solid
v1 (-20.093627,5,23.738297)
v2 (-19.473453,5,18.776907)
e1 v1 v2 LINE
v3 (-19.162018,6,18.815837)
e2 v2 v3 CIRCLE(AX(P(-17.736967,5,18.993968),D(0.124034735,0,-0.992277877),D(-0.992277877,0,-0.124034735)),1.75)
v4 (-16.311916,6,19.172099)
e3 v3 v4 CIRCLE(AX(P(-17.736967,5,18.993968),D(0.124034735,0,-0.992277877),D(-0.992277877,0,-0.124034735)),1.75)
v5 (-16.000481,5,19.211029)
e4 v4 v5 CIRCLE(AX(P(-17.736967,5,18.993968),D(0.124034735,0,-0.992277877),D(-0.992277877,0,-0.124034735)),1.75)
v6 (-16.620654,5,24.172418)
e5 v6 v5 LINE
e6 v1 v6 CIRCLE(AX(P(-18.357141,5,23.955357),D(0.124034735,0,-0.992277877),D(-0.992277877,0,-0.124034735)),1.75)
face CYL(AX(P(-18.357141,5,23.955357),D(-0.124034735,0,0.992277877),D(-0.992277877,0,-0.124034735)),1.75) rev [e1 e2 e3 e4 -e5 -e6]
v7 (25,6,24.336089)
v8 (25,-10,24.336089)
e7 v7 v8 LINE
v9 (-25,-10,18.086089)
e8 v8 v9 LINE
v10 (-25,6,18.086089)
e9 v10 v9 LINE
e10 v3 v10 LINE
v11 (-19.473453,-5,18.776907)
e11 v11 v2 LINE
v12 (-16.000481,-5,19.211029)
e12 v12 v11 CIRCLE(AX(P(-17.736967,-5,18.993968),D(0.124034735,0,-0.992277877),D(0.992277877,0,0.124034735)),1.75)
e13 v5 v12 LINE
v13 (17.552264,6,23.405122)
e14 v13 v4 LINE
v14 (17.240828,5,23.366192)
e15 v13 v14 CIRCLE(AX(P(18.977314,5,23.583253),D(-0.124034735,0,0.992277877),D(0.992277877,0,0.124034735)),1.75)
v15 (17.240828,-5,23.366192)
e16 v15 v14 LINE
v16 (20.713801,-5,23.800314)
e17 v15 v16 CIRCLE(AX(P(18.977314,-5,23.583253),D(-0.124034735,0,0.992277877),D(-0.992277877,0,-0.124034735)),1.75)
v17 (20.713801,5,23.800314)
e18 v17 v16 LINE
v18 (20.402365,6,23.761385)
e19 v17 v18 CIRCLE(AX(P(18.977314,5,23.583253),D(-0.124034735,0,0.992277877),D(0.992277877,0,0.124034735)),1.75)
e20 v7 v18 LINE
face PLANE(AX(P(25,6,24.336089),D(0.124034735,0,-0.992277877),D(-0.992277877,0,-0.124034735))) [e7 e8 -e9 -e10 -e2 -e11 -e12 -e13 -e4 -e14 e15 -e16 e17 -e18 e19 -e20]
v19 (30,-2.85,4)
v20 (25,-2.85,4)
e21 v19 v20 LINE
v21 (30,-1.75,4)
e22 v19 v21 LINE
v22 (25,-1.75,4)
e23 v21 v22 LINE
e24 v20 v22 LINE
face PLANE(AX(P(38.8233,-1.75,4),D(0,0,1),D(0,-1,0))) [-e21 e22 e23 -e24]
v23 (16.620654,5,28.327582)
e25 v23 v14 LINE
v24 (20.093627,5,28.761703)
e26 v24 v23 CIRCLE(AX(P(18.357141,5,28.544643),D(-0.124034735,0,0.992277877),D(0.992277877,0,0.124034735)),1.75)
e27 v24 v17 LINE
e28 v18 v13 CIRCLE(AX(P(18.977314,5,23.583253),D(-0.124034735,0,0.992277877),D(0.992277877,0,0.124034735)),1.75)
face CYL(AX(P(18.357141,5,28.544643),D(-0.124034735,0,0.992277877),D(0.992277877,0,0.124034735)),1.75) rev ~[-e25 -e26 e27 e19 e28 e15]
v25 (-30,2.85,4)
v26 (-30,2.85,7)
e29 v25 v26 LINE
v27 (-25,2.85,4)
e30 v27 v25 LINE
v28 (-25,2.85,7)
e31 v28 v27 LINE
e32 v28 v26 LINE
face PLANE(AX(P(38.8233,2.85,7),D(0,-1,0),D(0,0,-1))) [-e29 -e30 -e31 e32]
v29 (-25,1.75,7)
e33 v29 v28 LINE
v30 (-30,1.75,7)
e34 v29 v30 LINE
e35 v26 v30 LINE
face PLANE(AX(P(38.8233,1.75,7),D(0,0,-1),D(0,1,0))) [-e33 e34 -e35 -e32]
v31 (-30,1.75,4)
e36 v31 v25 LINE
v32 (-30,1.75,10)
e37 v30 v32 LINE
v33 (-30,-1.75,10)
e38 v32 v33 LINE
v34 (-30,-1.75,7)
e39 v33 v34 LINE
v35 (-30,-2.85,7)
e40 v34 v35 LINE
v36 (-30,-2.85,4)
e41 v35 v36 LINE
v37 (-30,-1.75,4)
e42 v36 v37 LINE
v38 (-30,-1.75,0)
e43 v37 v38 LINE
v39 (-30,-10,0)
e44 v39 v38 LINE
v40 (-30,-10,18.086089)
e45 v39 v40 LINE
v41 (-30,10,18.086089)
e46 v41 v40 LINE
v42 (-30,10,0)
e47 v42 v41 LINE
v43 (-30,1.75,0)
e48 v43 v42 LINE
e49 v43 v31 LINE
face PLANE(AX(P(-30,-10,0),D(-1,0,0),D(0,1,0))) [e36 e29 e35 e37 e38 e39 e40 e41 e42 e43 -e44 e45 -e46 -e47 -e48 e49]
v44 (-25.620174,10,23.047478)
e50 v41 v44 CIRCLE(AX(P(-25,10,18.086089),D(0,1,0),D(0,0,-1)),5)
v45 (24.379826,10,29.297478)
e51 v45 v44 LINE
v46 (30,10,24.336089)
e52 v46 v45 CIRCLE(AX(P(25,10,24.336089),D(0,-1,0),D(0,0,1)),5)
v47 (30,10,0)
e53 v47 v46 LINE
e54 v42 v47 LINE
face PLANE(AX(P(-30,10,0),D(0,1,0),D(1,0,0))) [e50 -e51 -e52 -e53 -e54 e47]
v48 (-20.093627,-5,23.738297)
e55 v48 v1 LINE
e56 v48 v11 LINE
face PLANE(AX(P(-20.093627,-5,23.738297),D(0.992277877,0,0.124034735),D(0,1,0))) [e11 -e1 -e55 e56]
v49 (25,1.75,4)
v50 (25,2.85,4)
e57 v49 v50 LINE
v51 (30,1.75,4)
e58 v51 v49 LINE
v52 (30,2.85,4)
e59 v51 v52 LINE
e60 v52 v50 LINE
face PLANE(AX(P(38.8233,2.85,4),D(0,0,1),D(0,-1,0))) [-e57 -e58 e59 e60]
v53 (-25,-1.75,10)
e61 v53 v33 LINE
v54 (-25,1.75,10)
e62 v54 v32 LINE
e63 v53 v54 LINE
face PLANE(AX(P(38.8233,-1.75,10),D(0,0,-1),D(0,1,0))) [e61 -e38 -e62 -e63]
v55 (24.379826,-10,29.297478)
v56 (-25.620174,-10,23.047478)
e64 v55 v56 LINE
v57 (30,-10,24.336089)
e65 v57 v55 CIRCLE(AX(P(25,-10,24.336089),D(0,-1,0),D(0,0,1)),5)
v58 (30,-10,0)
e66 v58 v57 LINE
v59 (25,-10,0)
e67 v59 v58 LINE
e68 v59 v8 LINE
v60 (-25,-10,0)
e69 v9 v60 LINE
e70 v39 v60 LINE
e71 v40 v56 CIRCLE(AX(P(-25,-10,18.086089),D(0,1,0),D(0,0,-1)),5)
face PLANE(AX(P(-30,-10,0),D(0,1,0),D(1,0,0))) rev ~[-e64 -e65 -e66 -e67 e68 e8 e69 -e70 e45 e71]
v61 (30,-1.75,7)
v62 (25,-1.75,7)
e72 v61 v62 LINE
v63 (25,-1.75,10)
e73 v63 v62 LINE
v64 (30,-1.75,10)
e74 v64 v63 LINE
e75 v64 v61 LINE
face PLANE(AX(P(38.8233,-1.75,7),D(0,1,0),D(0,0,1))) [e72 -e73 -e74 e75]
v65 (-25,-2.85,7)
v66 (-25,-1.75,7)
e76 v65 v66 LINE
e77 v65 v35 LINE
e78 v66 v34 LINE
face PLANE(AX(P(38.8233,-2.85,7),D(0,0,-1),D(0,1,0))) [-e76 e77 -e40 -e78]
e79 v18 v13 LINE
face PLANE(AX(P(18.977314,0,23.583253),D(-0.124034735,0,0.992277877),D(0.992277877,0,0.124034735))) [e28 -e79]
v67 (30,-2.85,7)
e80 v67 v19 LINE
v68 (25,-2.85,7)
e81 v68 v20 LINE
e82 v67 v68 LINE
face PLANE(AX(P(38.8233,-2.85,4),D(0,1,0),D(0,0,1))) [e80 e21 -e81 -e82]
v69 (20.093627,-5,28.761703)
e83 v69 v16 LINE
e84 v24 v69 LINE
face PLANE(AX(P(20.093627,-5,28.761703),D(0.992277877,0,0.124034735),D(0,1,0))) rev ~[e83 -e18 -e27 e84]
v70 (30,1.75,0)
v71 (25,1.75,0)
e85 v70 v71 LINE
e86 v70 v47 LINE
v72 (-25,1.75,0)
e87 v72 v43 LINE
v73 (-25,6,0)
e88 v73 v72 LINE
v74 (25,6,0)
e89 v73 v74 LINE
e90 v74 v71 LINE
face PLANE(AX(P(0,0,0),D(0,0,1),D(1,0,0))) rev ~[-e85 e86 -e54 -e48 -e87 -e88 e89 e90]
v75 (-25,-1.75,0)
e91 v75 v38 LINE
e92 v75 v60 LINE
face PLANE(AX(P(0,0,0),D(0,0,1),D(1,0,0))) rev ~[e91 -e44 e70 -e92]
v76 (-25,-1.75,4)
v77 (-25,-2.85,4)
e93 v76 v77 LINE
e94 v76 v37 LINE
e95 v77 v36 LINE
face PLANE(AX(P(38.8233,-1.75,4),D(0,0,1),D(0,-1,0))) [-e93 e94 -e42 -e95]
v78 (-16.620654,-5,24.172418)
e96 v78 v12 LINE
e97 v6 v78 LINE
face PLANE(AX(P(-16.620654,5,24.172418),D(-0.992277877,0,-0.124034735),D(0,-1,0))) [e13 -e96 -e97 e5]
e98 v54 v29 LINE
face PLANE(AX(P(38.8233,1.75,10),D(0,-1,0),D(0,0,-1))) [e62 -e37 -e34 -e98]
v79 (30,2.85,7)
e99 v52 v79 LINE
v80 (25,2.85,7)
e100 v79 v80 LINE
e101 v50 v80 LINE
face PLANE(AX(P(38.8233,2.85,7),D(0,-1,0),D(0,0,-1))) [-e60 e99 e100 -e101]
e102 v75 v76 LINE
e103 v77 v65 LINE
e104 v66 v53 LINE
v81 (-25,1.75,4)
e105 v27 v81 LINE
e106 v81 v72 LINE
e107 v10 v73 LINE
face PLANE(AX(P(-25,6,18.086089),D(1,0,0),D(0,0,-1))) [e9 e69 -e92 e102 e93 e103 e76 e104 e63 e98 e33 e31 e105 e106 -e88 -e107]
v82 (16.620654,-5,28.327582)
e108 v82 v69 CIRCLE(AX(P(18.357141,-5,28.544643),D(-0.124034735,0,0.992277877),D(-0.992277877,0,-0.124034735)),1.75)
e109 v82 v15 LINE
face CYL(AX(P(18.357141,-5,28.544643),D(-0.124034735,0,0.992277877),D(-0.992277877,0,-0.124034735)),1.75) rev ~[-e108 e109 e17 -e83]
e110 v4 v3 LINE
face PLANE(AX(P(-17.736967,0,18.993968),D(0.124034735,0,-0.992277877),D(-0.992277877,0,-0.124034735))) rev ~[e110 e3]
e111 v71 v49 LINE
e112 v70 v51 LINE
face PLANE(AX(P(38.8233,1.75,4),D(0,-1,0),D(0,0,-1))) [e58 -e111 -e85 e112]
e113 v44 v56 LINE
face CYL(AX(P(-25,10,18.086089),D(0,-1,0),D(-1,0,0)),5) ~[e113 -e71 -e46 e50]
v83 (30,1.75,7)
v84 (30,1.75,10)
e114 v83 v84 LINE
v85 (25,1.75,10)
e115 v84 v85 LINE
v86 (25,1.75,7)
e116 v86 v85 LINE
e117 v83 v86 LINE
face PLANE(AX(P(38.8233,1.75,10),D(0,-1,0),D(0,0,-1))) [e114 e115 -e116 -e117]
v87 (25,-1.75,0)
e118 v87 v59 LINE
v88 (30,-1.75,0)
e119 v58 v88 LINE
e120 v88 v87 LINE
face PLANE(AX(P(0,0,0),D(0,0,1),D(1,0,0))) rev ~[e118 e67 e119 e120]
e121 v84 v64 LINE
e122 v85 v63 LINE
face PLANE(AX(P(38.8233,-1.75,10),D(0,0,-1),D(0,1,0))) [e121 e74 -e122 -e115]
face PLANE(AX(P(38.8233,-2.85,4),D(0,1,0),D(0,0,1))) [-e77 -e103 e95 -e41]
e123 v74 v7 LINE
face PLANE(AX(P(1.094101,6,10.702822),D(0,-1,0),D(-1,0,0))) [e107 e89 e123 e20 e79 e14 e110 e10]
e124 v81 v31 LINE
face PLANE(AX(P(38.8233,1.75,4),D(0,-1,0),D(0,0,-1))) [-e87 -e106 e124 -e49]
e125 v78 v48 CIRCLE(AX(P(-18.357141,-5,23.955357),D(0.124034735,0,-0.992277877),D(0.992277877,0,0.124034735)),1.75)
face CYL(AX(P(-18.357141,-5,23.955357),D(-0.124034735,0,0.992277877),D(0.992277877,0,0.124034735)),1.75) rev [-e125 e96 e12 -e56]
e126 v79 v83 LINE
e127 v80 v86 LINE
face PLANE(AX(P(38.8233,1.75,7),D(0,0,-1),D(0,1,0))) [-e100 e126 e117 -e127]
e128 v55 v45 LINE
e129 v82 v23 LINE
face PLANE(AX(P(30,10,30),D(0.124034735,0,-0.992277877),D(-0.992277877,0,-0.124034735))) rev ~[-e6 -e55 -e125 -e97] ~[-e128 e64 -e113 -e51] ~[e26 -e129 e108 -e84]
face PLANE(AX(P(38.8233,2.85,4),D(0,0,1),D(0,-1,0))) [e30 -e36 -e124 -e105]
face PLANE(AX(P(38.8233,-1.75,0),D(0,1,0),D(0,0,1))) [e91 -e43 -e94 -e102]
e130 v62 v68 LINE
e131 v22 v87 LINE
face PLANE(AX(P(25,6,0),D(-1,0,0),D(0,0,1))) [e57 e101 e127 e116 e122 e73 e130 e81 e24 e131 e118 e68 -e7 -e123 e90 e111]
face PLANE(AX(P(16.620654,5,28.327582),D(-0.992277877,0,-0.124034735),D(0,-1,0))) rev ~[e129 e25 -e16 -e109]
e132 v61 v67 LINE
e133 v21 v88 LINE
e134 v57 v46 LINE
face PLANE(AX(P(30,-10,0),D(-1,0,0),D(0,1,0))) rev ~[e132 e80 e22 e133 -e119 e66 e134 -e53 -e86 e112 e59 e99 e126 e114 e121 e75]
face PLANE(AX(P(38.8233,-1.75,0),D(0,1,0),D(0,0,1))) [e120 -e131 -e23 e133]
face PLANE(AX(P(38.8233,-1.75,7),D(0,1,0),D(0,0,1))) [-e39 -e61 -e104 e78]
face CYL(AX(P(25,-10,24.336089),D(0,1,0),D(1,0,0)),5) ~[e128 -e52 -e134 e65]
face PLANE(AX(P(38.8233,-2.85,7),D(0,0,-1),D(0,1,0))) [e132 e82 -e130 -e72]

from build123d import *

# Parameters (mm, degrees)
SKETCH1_W               = 60
SKETCH1_H               = 20
BOSS_EXTRUDE1_DEPTH     = 30
CUT_EXTRUDE1_DEPTH      = 47.904157598
CUT_EXTRUDE2_START      = -4
CUT_EXTRUDE2_DEPTH      = 43.904157598
CUT_EXTRUDE3_DEPTH      = 68.823299831
CUT_EXTRUDE3_DEPTH_BACK = 68.823299831
SKETCH5_R               = 1.75
CUT_EXTRUDE4_DEPTH      = 44.27017093
CUT_EXTRUDE5_DEPTH      = 5
FILLET1_R               = 5


with BuildPart() as part:
    # Sketch1 → Boss-Extrude1 (new body)
    with BuildSketch(Plane.XY):
        Rectangle(SKETCH1_W, SKETCH1_H)
    extrude(amount=BOSS_EXTRUDE1_DEPTH)

    # Sketch2 → Cut-Extrude1 (cut, through all)
    with BuildSketch(Plane(origin=(0, 10, 0), x_dir=(1, 0, 0), z_dir=(0, 1, 0))):
        Polygon((-30, -30), (30, -30), (-30, -22.5), align=None)
    extrude(amount=-CUT_EXTRUDE1_DEPTH, mode=Mode.SUBTRACT)

    # Sketch3 → Cut-Extrude2 (cut, through all)
    with BuildSketch(Plane(origin=(0, 10, 0), x_dir=(1, 0, 0), z_dir=(0, 1, 0)).offset(CUT_EXTRUDE2_START)):
        Polygon((-25, 0), (25, 0), (25, -24.336088907), (-25, -18.086088907), align=None)
    extrude(amount=-CUT_EXTRUDE2_DEPTH, mode=Mode.SUBTRACT)

    # Sketch4 → Cut-Extrude3 (cut, two sides: drawn at the far end of the back side and taken through both)
    with BuildSketch(Plane.ZY.offset(30).offset(-CUT_EXTRUDE3_DEPTH_BACK)):
        Polygon((4, 1.75), (0, 1.75), (0, -1.75), (4, -1.75), (4, -2.85), (7, -2.85), (7, -1.75), (10, -1.75), (10, 1.75), (7, 1.75), (7, 2.85), (4, 2.85), align=None)
    extrude(amount=CUT_EXTRUDE3_DEPTH + CUT_EXTRUDE3_DEPTH_BACK, mode=Mode.SUBTRACT)

    # Sketch5 → Cut-Extrude4 (cut, through all)
    with BuildSketch(Plane(origin=(-3.230769231, 0, 25.846153846), x_dir=(0.9922778767136677, 0, 0.12403473458920845), z_dir=(-0.12403473458920845, 0, 0.9922778767136677))):
        with Locations((21.755911783, 0)):
            Circle(SKETCH5_R)
        with Locations((-15.244088217, 0)):
            Circle(SKETCH5_R)
    extrude(amount=-CUT_EXTRUDE4_DEPTH, mode=Mode.SUBTRACT)

    # Sketch6 → Cut-Extrude5 (cut)
    with BuildSketch(Plane(origin=(-3.230769231, 0, 25.846153846), x_dir=(0.9922778767136677, 0, 0.12403473458920845), z_dir=(-0.12403473458920845, 0, 0.9922778767136677))):
        with BuildLine():
            Line((-13.494088217, 5), (-13.494088217, -5))
            ThreePointArc((-13.494088217, -5), (-15.244088217, -6.75), (-16.994088217, -5))
            Line((-16.994088217, -5), (-16.994088217, 5))
            ThreePointArc((-16.994088217, 5), (-15.244088217, 6.75), (-13.494088217, 5))
        make_face()
        with BuildLine():
            Line((20.005911783, 5), (20.005911783, -5))
            ThreePointArc((20.005911783, -5), (21.755911783, -6.75), (23.505911783, -5))
            Line((23.505911783, -5), (23.505911783, 5))
            ThreePointArc((23.505911783, 5), (21.755911783, 6.75), (20.005911783, 5))
        make_face()
    extrude(amount=-CUT_EXTRUDE5_DEPTH, mode=Mode.SUBTRACT)

    # Fillet1
    fillet1_edges = [part.edges().sort_by_distance(p)[0] for p in [
        (-30, 0, 22.5),
        (30, 0, 30),
    ]]
    fillet(fillet1_edges, radius=FILLET1_R)


solid = part.part
